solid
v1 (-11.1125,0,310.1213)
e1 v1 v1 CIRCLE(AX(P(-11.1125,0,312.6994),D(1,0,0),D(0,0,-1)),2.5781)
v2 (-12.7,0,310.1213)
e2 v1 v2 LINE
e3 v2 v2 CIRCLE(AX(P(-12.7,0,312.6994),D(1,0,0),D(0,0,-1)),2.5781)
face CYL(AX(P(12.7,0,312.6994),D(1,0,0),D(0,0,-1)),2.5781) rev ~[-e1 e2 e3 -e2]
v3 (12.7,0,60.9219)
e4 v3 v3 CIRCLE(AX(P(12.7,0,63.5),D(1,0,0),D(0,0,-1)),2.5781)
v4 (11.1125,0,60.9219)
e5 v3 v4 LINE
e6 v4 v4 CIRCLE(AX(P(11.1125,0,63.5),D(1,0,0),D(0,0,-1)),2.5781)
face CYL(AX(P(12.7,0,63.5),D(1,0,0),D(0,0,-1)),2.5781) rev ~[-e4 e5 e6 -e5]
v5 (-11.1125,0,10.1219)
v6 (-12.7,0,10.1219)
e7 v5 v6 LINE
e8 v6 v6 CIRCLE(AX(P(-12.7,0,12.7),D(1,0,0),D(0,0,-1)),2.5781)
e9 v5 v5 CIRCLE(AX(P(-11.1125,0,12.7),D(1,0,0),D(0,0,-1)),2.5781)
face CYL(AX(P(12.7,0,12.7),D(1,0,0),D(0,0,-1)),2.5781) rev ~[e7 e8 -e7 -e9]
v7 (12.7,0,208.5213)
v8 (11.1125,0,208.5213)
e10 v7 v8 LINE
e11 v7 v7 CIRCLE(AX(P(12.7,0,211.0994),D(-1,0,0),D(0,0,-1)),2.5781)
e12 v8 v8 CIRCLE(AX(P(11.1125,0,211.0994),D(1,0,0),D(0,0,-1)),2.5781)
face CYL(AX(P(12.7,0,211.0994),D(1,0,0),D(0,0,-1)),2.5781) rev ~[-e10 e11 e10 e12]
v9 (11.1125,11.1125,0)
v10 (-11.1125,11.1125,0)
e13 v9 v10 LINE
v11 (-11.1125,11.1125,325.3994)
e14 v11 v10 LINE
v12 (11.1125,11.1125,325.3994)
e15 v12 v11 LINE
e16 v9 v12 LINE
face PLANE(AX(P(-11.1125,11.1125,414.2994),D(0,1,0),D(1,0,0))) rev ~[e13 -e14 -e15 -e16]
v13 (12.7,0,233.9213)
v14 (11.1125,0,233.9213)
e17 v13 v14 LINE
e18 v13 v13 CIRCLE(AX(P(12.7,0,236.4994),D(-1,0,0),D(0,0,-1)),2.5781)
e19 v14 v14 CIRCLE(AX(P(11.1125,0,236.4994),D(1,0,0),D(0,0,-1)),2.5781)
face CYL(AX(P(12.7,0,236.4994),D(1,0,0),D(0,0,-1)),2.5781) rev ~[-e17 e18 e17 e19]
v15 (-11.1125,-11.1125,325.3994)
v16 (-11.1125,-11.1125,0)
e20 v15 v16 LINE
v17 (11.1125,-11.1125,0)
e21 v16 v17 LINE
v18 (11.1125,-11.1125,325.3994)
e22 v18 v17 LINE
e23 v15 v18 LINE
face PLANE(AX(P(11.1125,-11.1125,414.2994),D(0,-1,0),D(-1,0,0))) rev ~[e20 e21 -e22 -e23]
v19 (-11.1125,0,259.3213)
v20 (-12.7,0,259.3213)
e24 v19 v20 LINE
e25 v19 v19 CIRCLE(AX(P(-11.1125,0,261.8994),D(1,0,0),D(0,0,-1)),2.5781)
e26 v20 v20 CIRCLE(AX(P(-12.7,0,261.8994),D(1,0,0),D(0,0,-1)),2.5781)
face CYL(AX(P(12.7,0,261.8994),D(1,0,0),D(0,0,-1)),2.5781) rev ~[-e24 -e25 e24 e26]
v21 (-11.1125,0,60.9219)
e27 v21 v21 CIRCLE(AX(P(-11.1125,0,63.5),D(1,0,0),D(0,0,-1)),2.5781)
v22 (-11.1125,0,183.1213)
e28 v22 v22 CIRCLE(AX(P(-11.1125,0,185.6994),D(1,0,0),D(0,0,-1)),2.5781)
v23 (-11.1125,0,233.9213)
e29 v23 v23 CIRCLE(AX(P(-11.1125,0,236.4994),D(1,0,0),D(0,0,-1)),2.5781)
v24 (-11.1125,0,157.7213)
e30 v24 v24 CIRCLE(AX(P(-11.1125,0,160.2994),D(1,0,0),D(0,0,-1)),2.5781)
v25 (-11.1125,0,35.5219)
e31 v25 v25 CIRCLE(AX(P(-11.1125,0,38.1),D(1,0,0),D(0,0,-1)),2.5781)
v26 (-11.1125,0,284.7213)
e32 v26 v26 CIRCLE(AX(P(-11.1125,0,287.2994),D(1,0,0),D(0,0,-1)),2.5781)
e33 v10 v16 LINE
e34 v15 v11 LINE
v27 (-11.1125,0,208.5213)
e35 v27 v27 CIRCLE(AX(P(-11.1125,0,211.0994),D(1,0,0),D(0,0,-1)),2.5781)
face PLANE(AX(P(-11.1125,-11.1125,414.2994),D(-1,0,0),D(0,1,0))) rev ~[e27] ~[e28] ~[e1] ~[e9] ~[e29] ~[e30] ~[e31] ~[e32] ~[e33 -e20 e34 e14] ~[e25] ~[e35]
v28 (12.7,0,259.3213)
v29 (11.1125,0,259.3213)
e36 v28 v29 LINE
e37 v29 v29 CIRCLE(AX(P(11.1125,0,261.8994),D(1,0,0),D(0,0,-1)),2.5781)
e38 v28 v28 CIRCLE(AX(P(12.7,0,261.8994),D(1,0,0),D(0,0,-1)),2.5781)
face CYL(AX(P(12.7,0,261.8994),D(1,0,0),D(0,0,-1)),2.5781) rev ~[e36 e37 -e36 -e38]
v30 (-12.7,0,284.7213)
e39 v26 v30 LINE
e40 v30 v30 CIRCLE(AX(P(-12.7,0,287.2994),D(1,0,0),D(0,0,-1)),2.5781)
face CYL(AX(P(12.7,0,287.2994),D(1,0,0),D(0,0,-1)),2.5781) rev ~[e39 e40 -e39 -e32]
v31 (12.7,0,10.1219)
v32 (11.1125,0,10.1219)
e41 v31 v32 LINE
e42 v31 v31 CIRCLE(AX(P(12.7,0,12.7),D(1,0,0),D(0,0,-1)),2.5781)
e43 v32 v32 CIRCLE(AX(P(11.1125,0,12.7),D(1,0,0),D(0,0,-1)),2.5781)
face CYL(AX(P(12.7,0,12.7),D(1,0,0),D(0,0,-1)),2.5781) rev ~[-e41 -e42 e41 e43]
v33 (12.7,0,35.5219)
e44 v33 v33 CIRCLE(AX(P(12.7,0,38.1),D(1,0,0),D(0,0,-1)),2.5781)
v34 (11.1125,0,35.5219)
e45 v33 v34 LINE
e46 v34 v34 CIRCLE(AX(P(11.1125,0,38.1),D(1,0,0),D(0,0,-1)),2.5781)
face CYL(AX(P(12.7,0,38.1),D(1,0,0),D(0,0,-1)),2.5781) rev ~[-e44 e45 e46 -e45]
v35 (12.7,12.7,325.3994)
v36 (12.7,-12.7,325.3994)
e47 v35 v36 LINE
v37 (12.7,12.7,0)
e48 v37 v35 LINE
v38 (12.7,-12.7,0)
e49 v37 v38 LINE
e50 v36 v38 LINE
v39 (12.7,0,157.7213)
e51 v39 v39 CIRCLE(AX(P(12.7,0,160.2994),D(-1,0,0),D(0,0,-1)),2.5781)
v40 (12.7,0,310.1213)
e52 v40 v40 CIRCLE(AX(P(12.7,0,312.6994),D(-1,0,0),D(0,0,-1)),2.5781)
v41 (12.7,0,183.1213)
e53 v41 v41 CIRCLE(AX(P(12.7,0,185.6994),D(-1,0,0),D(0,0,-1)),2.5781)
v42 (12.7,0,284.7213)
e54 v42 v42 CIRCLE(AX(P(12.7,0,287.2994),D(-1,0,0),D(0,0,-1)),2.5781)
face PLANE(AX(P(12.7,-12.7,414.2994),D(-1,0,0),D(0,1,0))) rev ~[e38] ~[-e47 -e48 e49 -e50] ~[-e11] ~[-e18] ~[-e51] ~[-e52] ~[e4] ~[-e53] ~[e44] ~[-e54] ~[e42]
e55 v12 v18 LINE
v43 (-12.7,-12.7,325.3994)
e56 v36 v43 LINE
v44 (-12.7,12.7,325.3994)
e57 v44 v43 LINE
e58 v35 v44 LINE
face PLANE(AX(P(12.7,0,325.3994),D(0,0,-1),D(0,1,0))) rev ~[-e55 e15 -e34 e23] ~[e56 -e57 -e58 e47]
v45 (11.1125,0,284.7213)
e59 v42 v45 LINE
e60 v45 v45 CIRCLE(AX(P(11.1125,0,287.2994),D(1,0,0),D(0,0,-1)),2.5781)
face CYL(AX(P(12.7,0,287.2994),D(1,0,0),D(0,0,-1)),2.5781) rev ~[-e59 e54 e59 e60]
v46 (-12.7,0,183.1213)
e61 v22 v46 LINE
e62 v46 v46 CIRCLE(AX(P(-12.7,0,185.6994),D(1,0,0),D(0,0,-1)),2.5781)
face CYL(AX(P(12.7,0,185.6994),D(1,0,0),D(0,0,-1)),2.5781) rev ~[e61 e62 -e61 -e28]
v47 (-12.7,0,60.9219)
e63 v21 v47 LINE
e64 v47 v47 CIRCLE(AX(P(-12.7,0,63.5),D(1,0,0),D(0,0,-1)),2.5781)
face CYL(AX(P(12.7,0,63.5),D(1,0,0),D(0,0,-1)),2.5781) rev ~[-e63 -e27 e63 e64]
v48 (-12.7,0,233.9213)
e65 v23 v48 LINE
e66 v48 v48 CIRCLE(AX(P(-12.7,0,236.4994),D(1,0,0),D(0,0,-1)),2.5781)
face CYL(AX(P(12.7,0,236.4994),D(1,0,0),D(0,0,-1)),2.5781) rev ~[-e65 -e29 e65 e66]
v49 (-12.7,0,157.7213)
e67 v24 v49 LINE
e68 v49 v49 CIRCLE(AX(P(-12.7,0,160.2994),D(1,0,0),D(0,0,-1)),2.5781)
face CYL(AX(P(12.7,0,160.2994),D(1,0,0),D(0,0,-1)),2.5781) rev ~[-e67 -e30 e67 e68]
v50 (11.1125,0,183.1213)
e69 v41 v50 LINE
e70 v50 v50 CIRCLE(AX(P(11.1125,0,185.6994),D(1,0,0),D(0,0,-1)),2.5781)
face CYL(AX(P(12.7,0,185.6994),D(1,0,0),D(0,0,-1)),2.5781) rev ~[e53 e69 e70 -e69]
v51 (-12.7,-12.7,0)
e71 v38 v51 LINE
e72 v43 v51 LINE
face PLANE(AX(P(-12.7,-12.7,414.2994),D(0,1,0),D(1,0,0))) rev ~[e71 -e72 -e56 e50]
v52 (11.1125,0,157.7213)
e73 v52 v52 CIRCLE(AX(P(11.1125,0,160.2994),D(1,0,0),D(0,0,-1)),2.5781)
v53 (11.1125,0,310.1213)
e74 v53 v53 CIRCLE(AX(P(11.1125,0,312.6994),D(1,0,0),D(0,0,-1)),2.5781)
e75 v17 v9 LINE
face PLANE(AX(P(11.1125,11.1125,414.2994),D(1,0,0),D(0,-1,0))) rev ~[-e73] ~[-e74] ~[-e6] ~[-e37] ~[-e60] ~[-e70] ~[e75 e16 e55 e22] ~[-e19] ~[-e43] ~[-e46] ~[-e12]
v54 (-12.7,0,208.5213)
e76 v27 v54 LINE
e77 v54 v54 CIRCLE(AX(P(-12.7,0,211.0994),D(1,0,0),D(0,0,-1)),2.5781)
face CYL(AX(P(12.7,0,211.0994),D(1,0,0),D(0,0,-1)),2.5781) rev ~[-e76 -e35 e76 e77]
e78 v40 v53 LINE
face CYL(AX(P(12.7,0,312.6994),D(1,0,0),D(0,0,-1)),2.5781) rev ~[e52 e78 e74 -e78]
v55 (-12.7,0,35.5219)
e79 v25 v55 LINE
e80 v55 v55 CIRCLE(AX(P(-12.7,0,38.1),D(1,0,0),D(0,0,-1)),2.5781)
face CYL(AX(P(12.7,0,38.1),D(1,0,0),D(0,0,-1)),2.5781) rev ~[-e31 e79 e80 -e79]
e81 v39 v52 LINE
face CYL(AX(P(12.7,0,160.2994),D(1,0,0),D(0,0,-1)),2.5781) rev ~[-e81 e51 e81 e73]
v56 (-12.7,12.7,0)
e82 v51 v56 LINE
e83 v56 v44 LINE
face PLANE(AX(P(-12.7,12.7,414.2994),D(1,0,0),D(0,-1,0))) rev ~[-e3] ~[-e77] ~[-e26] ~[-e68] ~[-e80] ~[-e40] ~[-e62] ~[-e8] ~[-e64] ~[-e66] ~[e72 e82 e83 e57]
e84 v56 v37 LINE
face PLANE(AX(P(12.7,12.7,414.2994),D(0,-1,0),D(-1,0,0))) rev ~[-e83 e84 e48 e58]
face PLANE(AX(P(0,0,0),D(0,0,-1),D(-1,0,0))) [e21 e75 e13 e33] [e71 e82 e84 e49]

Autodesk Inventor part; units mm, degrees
ref_plane "YZ Plane" through (0, 0, 0) normal (1, 0, 0) x (0, 1, 0)
ref_plane "XZ Plane" through (0, 0, 0) normal (0, 1, 0) x (-1, 0, 0)
ref_plane "XY Plane" through (0, 0, 0) normal (0, 0, 1) x (1, 0, 0)
sketch "Sketch1" plane through (0, 0, 0) normal (0, 0, 1) x (1, 0, 0)
  line L0 (-12.7, -12.7) -> (-12.7, 12.7)
  line L1 (-12.7, 12.7) -> (12.7, 12.7)
  line L2 (12.7, 12.7) -> (12.7, -12.7)
  line L3 (12.7, -12.7) -> (-12.7, -12.7)
  line L4 (-12.7, -12.7) -> (12.7, 12.7) construction
  line L5 (-12.7, 12.7) -> (12.7, -12.7) construction
  line L6 (11.1125, 11.1125) -> (-11.1125, 11.1125)
  line L7 (-11.1125, 11.1125) -> (-11.1125, -11.1125)
  line L8 (-11.1125, -11.1125) -> (11.1125, -11.1125)
  line L9 (11.1125, -11.1125) -> (11.1125, 11.1125)
  point P0 (0, 0)
  dimension "d0" = 25.4
  dimension "d1" = 25.4
  dimension "d2" = 1.5875
extrude "Extrusion1" add sketch "Sketch1" along normal blind 609.6
sketch "Sketch2" plane through (12.7, -12.7, 0) normal (1, 0, 0) x (0, 0, -1)
  line L0 (0, 0) -> (0, 25.4) projected
  line L1 (0, 25.4) -> (-609.6, 25.4) projected
  line L2 (-609.6, 0) -> (-609.6, 25.4) projected
  line L3 (0, 0) -> (-609.6, 0) projected
  circle A0 centre (-596.9, 12.7) radius 2.5781
  circle A1 centre (-571.5, 12.7) radius 2.5781
  circle A2 centre (-546.1, 12.7) radius 2.5781
  line L4 (-304.8, 0) -> (-304.8, 25.4) construction
  circle A3 centre (-12.7, 12.7) radius 2.5781
  circle A4 centre (-38.1, 12.7) radius 2.5781
  circle A5 centre (-63.5, 12.7) radius 2.5781
  point P0 (0, 12.7)
  dimension "d5" = 5.1562
  dimension "d7" = 12.7
  dimension "d8" = 25.4
  dimension "d9" = 25.4
extrude "Extrusion2" cut sketch "Sketch2" against normal through all contours A0 | A1 | A2 | A3 | A4 | A5
sketch "Sketch5" plane through (-12.7, 12.7, 0) normal (0, 1, 0) x (1, 0, 0)
  line L0 (25.4, 0) -> (25.4, -609.6) projected
  line L1 (25.4, 0) -> (25.4, -223.7994)
  line L2 (25.4, -223.7994) -> (-0.9, -223.7994)
  line L3 (-0.9, -223.7994) -> (-0.9, -681.5571)
  line L4 (-0.9, -681.5571) -> (85.6151, -690.7866)
  line L5 (85.6151, -690.7866) -> (25.4, -223.7994)
  point P0 (12.7, 0)
  dimension "d15" = 223.7994
extrude "Extrusion4" cut sketch "Sketch5" against normal blind 101.6
sketch "Sketch6" plane through (12.7, -12.7, 0) normal (1, 0, 0) x (0, 0, -1)
  line L0 (-223.7994, 1.5875) -> (-223.7994, 23.8125) projected
  line L1 (-223.7994, 12.7) -> (-211.0994, 12.7)
  circle A0 centre (-211.0994, 12.7) radius 2.5781
  line L2 (-211.0994, 12.7) -> (-185.6994, 12.7)
  circle A1 centre (-185.6994, 12.7) radius 2.5781
  line L3 (-185.6994, 12.7) -> (-160.2994, 12.7)
  circle A2 centre (-160.2994, 12.7) radius 2.5781
  point P0 (0, 12.7)
  dimension "d18" = 12.7
  dimension "d19" = 5.1562
  dimension "d20" = 25.4
  dimension "d21" = 5.1562
  dimension "d22" = 25.4
  dimension "d23" = 5.1562
extrude "Extrusion5" cut sketch "Sketch6" against normal blind 50.8
sketch "Sketch7" plane through (-12.7, 12.7, 223.7994) normal (0, 0, 1) x (1, 0, 0)
  line L0 (0, -25.4) -> (0, 0) projected
  line L1 (25.4, -25.4) -> (0, -25.4) projected
  line L2 (25.4, 0) -> (25.4, -25.4) projected
  line L3 (0, 0) -> (25.4, 0) projected
  line L4 (23.8125, -1.5875) -> (1.5875, -1.5875) projected
  line L5 (23.8125, -23.8125) -> (23.8125, -1.5875) projected
  line L6 (1.5875, -23.8125) -> (23.8125, -23.8125) projected
  line L7 (1.5875, -1.5875) -> (1.5875, -23.8125) projected
  point P0 (12.7, -12.7)
extrude "Extrusion6" add sketch "Sketch7" along normal blind 127
sketch "Sketch8" plane through (12.7, -12.7, 0) normal (1, 0, 0) x (0, 0, -1)
  circle A0 centre (-211.0994, 12.7) radius 2.5781 projected
  line L0 (-211.0994, 12.7) -> (-236.4994, 12.7)
  line L1 (-236.4994, 12.7) -> (-261.8994, 12.7)
  circle A1 centre (-236.4994, 12.7) radius 2.5781
  circle A2 centre (-261.8994, 12.7) radius 2.5781
  line L2 (-350.7994, 25.4) -> (-350.7994, 0) projected
  line L3 (-350.7994, 12.7) -> (-338.0994, 12.7)
  line L4 (-338.0994, 12.7) -> (-312.6994, 12.7)
  line L5 (-312.6994, 12.7) -> (-287.2994, 12.7)
  circle A3 centre (-287.2994, 12.7) radius 2.5781
  circle A4 centre (-338.0994, 12.7) radius 2.5781
  circle A5 centre (-312.6994, 12.7) radius 2.5781
  point P0 (0, 12.7)
  dimension "d28" = 25.4
  dimension "d29" = 25.4
  dimension "d30" = 5.1562
  dimension "d31" = 5.1562
  dimension "d32" = 12.7
  dimension "d33" = 25.4
  dimension "d34" = 25.4
  dimension "d35" = 5.1562
  dimension "d36" = 5.1562
  dimension "d37" = 5.1562
extrude "Extrusion7" cut sketch "Sketch8" against normal blind 92.075 contours A2 | A1 L1 L0 | L0 L1 A1 | A4 L4 L3 | A3 | A5 L5 L4 | L4 L5 A5 | L3 L4 A4
sketch "Sketch9" plane through (0, 0, 0) normal (0, 0, -1) x (-1, 0, 0)
  line L0 (-12.7, -12.7) -> (-12.7, 12.7) projected
  line L1 (12.7, -12.7) -> (-12.7, -12.7) projected
  line L2 (12.7, 12.7) -> (12.7, -12.7) projected
  line L3 (-12.7, 12.7) -> (12.7, 12.7) projected
  line L4 (-11.1125, 11.1125) -> (-11.1125, -11.1125) projected
  line L5 (11.1125, 11.1125) -> (-11.1125, 11.1125) projected
  line L6 (11.1125, -11.1125) -> (11.1125, 11.1125) projected
  line L7 (-11.1125, -11.1125) -> (11.1125, -11.1125) projected
  point P0 (0, 0)
extrude "Extrusion8" add sketch "Sketch9" along normal blind 152.4
sketch "Sketch10" plane through (12.7, -12.7, 350.7994) normal (1, 0, 0) x (0, 0, -1)
  line L0 (503.1994, 25.4) -> (503.1994, 0) projected
  line L1 (503.1994, 12.7) -> (490.4994, 12.7)
  line L2 (490.4994, 12.7) -> (465.0994, 12.7)
  line L3 (465.0994, 12.7) -> (439.6994, 12.7)
  circle A0 centre (439.6994, 12.7) radius 2.5781
  circle A1 centre (465.0994, 12.7) radius 2.5781
  circle A2 centre (490.4994, 12.7) radius 2.5781
  point P0 (350.7994, 12.7)
  dimension "d42" = 12.7
  dimension "d43" = 25.4
  dimension "d44" = 25.4
  dimension "d45" = 5.1562
  dimension "d46" = 5.1562
  dimension "d47" = 5.1562
extrude "Extrusion9" cut sketch "Sketch10" against normal blind 123.825
sketch "Sketch11" plane through (0, 0, -152.4) normal (0, 0, -1) x (-1, 0, 0)
  line L0 (12.7, -12.7) -> (12.7, 12.7) projected
  line L1 (12.7, 12.7) -> (-12.7, 12.7) projected
  line L2 (-12.7, 12.7) -> (-12.7, -12.7) projected
  line L3 (-12.7, -12.7) -> (12.7, -12.7) projected
  line L4 (-11.1125, 11.1125) -> (11.1125, 11.1125) projected
  line L5 (11.1125, 11.1125) -> (11.1125, -11.1125) projected
  line L6 (11.1125, -11.1125) -> (-11.1125, -11.1125) projected
  line L7 (-11.1125, -11.1125) -> (-11.1125, 11.1125) projected
  point P0 (0, 0)
extrude "Extrusion10" cut sketch "Sketch11" against normal blind 152.4
sketch "Sketch12" plane through (-12.7, 12.7, 350.7994) normal (0, 0, 1) x (1, 0, 0)
  line L0 (25.4, -25.4) -> (25.4, 0) projected
  line L1 (25.4, 0) -> (0, 0) projected
  line L2 (0, 0) -> (0, -25.4) projected
  line L3 (0, -25.4) -> (25.4, -25.4) projected
  line L4 (23.8125, -1.5875) -> (23.8125, -23.8125) projected
  line L5 (23.8125, -23.8125) -> (1.5875, -23.8125) projected
  line L6 (1.5875, -23.8125) -> (1.5875, -1.5875) projected
  line L7 (1.5875, -1.5875) -> (23.8125, -1.5875) projected
  point P0 (12.7, -12.7)
extrude "Extrusion11" add sketch "Sketch12" along normal blind 63.5
sketch "Sketch13" plane through (12.7, -12.7, 0) normal (1, 0, 0) x (0, 0, -1)
  circle A0 centre (-338.0994, 12.7) radius 2.5781 projected
  line L0 (-338.0994, 12.7) -> (-363.4994, 12.7)
  line L1 (-363.4994, 12.7) -> (-388.8994, 12.7)
  line L2 (-388.8994, 12.7) -> (-414.2994, 12.7)
  circle A1 centre (-363.4994, 12.7) radius 2.5781
  circle A2 centre (-388.8994, 12.7) radius 2.5781
  circle A3 centre (-414.2994, 12.7) radius 2.5781
  point P0 (0, 12.7)
  dimension "d54" = 25.4
  dimension "d55" = 25.4
  dimension "d58" = 25.4
  dimension "d59" = 5.1562
  dimension "d60" = 5.1562
  dimension "d61" = 5.1562
sketch "Sketch14" plane through (-12.7, 12.7, 414.2994) normal (0, 0, 1) x (1, 0, 0)
  line L0 (25.4, 0) -> (0, 0) projected
  line L1 (0, 0) -> (0, -25.4) projected
  line L2 (0, -25.4) -> (25.4, -25.4) projected
  line L3 (25.4, -25.4) -> (25.4, 0) projected
  line L4 (23.8125, -1.5875) -> (23.8125, -23.8125) projected
  line L5 (23.8125, -23.8125) -> (1.5875, -23.8125) projected
  line L6 (1.5875, -23.8125) -> (1.5875, -1.5875) projected
  line L7 (1.5875, -1.5875) -> (23.8125, -1.5875) projected
  point P0 (12.7, -12.7)
extrude "Extrusion12" add sketch "Sketch14" along normal blind 12.7
extrude "Extrusion13" cut sketch "Sketch13" against normal blind 47.625 contours A3 | A2 L2 L1 | L1 L2 A2 | A1 L1 L0 | L0 L1 A1
sketch "Sketch15" plane through (12.7, -12.7, 0) normal (1, 0, 0) x (0, 0, -1)
  circle A0 centre (-363.4994, 12.7) radius 2.5781 projected
  line L0 (-363.4994, 12.7) -> (-376.1994, 12.7)
  line L1 (-376.1994, 12.7) -> (-376.1994, 25.4)
  line L2 (0, 25.4) -> (-426.9994, 25.4) projected
  line L3 (-376.1994, 12.7) -> (-376.1994, -0.0996)
  line L4 (-376.1994, -0.0996) -> (-376.1994, -3.0916)
  line L5 (-376.1994, -3.0916) -> (-480.1709, -3.0916)
  line L6 (-480.1709, -3.0916) -> (-483.3081, 73.6134)
  line L7 (-483.3081, 73.6134) -> (-376.1994, 25.4)
  point P0 (0, 12.7)
  dimension "d64" = 12.7
extrude "Extrusion14" cut sketch "Sketch15" against normal blind 47.625 contours L3 L4 L5 L6 L7 L1
sketch "Sketch17" plane through (12.7, -12.7, 0) normal (1, 0, 0) x (0, 0, -1)
  circle A0 centre (-312.6994, 12.7) radius 2.5781 projected
  line L0 (-312.6994, 12.7) -> (-325.3994, 12.7)
  line L1 (0, 25.4) -> (-376.1994, 25.4) projected
  line L2 (-325.3994, 25.4) -> (-387.8769, 25.4)
  line L3 (-387.8769, 25.4) -> (-387.8769, -7.9808)
  line L4 (-387.8769, -7.9808) -> (-325.3994, -7.9808)
  line L5 (-325.3994, -7.9808) -> (-325.3994, 25.4)
  point P0 (0, 12.7)
  dimension "d67" = 12.7
extrude "Extrusion15" cut sketch "Sketch17" against normal blind 112.7125 contours L5 L4 L3 L2 L1
equation "\"d1\" = d0"
properties part number "24in long 1in square tube"
